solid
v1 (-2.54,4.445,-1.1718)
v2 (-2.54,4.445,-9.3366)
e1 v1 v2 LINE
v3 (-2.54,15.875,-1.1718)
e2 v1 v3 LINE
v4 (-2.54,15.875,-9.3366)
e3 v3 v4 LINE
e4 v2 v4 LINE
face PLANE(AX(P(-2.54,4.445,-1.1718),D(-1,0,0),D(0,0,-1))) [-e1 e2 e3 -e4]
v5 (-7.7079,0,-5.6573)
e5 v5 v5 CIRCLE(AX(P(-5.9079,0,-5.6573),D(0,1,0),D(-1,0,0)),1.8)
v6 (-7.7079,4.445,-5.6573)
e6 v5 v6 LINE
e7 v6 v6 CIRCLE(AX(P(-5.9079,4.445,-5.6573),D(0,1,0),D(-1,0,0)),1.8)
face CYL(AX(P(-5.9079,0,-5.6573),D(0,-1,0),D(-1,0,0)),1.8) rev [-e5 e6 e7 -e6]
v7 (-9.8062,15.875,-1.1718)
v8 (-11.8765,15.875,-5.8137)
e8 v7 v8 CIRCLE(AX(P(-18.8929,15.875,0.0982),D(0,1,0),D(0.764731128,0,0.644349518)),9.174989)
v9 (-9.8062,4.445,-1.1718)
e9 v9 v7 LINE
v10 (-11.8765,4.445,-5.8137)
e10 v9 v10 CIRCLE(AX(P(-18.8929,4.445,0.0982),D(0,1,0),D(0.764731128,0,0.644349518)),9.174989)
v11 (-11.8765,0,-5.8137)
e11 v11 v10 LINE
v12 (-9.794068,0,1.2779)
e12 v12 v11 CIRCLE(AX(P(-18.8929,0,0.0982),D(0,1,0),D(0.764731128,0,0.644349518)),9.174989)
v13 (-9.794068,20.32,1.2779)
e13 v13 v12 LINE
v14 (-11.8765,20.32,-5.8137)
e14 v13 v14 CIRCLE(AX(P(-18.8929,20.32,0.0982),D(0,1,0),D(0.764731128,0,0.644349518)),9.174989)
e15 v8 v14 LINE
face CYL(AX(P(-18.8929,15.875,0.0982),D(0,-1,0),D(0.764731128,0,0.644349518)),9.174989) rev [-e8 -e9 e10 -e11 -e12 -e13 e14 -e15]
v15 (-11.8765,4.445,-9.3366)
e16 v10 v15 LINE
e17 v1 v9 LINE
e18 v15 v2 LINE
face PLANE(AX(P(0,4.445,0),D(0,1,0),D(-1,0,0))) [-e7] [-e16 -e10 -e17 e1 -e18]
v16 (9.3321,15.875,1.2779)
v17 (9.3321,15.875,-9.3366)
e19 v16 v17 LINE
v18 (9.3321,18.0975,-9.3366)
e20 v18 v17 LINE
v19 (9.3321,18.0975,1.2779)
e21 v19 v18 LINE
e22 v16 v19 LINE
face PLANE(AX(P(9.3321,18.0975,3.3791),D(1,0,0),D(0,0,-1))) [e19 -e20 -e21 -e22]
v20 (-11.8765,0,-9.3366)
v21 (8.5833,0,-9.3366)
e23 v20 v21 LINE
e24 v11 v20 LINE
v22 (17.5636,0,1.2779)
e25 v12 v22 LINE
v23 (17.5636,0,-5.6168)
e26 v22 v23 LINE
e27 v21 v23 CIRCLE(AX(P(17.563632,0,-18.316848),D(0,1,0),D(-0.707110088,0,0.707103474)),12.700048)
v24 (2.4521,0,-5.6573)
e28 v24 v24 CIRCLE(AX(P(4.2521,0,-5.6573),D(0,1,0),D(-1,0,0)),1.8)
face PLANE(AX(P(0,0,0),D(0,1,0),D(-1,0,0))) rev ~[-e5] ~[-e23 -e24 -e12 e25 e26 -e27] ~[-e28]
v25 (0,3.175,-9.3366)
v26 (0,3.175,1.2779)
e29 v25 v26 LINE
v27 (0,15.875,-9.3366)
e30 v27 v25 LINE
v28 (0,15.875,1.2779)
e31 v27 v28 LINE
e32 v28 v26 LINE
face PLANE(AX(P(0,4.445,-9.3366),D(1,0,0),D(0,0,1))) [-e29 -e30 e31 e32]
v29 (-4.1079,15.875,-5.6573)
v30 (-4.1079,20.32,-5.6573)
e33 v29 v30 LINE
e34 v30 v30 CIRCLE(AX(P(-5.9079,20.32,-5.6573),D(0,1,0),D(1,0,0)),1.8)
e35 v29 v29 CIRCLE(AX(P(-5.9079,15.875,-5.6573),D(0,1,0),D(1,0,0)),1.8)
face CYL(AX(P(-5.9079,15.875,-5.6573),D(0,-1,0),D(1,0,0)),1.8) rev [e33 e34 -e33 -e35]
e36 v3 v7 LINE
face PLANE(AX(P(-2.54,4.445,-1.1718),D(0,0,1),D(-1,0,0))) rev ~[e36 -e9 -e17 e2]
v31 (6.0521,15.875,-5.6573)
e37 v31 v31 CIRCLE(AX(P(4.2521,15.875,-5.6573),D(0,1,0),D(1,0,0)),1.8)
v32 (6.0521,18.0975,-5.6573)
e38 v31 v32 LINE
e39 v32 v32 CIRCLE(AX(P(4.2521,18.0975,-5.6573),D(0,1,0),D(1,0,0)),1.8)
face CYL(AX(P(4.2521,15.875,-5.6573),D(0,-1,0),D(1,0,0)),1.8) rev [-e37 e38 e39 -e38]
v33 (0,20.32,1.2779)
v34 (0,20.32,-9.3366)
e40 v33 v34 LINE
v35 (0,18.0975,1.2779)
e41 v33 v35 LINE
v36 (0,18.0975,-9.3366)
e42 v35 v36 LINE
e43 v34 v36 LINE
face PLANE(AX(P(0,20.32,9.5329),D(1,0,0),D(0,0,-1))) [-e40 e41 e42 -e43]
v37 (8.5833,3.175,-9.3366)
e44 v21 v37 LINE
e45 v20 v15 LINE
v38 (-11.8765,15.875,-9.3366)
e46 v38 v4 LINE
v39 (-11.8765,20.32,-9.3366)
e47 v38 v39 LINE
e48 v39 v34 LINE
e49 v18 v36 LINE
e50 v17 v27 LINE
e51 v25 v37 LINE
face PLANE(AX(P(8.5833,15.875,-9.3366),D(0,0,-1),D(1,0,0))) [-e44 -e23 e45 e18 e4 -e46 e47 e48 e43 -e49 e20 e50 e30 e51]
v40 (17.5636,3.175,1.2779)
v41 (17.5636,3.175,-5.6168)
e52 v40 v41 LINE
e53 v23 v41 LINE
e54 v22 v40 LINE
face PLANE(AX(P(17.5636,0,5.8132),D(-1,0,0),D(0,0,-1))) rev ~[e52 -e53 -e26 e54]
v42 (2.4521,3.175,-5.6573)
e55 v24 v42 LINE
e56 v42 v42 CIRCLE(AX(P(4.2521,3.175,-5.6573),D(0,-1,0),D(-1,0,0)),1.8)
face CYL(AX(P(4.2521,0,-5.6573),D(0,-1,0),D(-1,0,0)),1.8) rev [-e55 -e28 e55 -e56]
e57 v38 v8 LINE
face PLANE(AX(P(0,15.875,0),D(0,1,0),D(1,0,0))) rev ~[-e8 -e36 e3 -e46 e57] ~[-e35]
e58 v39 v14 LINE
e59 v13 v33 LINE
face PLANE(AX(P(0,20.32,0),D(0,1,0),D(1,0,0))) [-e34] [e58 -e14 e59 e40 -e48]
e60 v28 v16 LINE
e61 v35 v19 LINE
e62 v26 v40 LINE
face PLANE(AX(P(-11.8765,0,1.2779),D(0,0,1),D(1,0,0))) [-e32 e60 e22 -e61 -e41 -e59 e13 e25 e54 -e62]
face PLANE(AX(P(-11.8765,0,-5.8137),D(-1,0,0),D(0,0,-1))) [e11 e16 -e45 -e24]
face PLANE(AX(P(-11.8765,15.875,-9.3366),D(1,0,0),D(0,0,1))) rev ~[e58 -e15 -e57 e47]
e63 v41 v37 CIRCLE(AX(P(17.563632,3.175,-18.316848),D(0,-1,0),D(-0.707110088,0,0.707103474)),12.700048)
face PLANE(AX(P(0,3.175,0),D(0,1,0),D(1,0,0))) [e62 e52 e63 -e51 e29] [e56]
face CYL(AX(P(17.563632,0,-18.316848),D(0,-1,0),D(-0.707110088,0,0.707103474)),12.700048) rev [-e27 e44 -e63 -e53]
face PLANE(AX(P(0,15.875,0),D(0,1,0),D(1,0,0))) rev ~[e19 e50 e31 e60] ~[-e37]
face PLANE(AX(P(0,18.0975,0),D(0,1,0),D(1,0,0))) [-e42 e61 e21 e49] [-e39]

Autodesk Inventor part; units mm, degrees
ref_plane "YZ Plane" through (0, 0, 0) normal (1, 0, 0) x (0, 1, 0)
ref_plane "XZ Plane" through (0, 0, 0) normal (0, 1, 0) x (-1, 0, 0)
ref_plane "XY Plane" through (0, 0, 0) normal (0, 0, 1) x (1, 0, 0)
sketch "Sketch1" plane through (0, 0, 0) normal (0, 1, 0) x (-1, 0, 0)
  arc A0 (-17.5636, 5.8132) -> (-8.5833, 9.5329) centre (-17.5636, 18.5132) ccw
  arc A1 (-17.5636, 5.8132) -> (-8.5833, 9.5329) centre (-17.5636, 18.5132) ccw
  arc A2 (-8.5833, -9.3366) -> (-17.5636, -5.6168) centre (-17.5636, -18.3168) ccw
  arc A3 (-8.5833, -9.3366) -> (-17.5636, -5.6168) centre (-17.5636, -18.3168) ccw
  line L0 (-17.5636, 5.8132) -> (-17.5636, -5.6168)
  line L1 (-8.5833, 9.5329) -> (11.8765, 9.5329)
  line L2 (-8.5833, -9.3366) -> (11.1934, -9.3366)
  arc A4 (11.8765, 6.0101) -> (11.8765, -5.8137) centre (18.8929, 0.0982) ccw
  line L3 (11.8765, -9.3366) -> (11.1934, -9.3366)
  line L4 (11.8765, 9.5329) -> (11.8765, 6.0101)
  line L5 (11.8765, -5.8137) -> (11.8765, -9.3366)
  circle A5 centre (5.9079, 5.8536) radius 1.8
  circle A6 centre (5.9079, 5.8536) radius 1.8
  circle A7 centre (-4.2521, 5.8536) radius 1.8
  circle A8 centre (-4.2521, 5.8536) radius 1.8
  circle A9 centre (5.9079, -5.6573) radius 1.8
  circle A10 centre (5.9079, -5.6573) radius 1.8
  circle A11 centre (-4.2521, -5.6573) radius 1.8
  circle A12 centre (-4.2521, -5.6573) radius 1.8
  point P0 (12.4052, 6.5859)
extrude "Extrusion1" add sketch "Sketch1" along normal blind 4.445
sketch "Sketch2" plane through (0, 4.445, 0) normal (0, 1, 0) x (1, 0, 0)
  line L0 (-11.8765, -9.5329) -> (8.5833, -9.5329) projected
  line L1 (8.5833, 9.3366) -> (-11.8765, 9.3366) projected
  line L2 (0, -9.5329) -> (-2.54, -9.5329)
  line L3 (-2.54, 9.3366) -> (0, 9.3366)
  line L4 (0, 9.3366) -> (0, -9.5329)
  line L5 (-2.54, -1.3682) -> (-9.8062, -1.3682)
  line L6 (-2.54, 1.1718) -> (-9.8062, 1.1718)
  arc A0 (-11.8765, -6.0101) -> (-11.8765, 5.8137) centre (-18.8929, -0.0982) ccw projected
  arc A1 (-9.8062, -1.3682) -> (-9.8062, 1.1718) centre (-18.8929, -0.0982) ccw
  line L7 (-2.54, -9.5329) -> (-2.54, -1.3682)
  line L8 (-2.54, 1.1718) -> (-2.54, 9.3366)
  point P0 (0, 0)
  dimension "d2" = 2.54
extrude "Extrusion2" add sketch "Sketch2" along normal blind 11.43
sketch "Sketch3" plane through (0, 4.445, 0) normal (0, 1, 0) x (1, 0, 0)
  line L0 (0, -11.1934) -> (18.2988, -11.1934)
  line L1 (18.2988, -11.1934) -> (18.2988, 11.7125)
  line L2 (18.2988, 11.7125) -> (0, 11.7125)
  line L3 (0, 11.7125) -> (0, -11.1934)
  point P0 (0, 0)
extrude "Extrusion3" cut sketch "Sketch3" against normal blind 1.27
sketch "Sketch4" plane through (0, 15.875, 0) normal (0, 1, 0) x (1, 0, 0)
  arc A0 (20.271, 9.3366) -> (20.3081, -9.5329) centre (70.2056, 0) ccw
  line L0 (8.5833, -9.5329) -> (0, -9.5329) projected
  line L1 (-11.8765, -6.0101) -> (-11.8765, -9.5329) projected
  line L2 (7.4252, -9.5329) -> (-11.8765, -9.5329)
  line L3 (-11.8765, -9.5329) -> (-11.8765, -6.0101)
  arc A1 (-11.8765, -6.0101) -> (-11.8765, 5.8137) centre (-18.8929, -0.0982) ccw projected
  line L4 (-11.8765, 9.3366) -> (-11.8765, 5.8137) projected
  line L5 (-11.8765, 5.8137) -> (-11.8765, 9.3366)
  line L6 (-11.8765, 9.3366) -> (7.3957, 9.3366)
  line L7 (0, 9.3366) -> (8.5833, 9.3366) projected
  arc A2 (-11.8765, -6.0101) -> (-11.8765, 5.8137) centre (-18.8929, -0.0982) ccw
  line L8 (-11.8765, -9.5329) -> (8.5833, -9.5329) projected
  line L9 (-11.8765, -9.5329) -> (20.3081, -9.5329)
  line L10 (8.5833, 9.3366) -> (-11.8765, 9.3366) projected
  line L11 (-11.8765, 9.3366) -> (20.271, 9.3366)
  circle A3 centre (-5.9079, -5.8536) radius 1.8 projected
  circle A4 centre (-5.9079, -5.8536) radius 1.8
  circle A5 centre (-5.9079, 5.6573) radius 1.8 projected
  circle A6 centre (-5.9079, 5.6573) radius 1.8
  circle A7 centre (4.2521, -5.8536) radius 1.8 projected
  circle A8 centre (4.2521, -5.8536) radius 1.8
  circle A9 centre (4.2521, 5.6573) radius 1.8 projected
  circle A10 centre (4.2521, 5.6573) radius 1.8
  circle A11 centre (14.4121, -0.0982) radius 1.8
  point P0 (0, 0)
  dimension "d10" = 101.6
  dimension "d13" = 3.6
extrude "Extrusion4" add sketch "Sketch4" along normal blind 4.445
sketch "Sketch5" plane through (0, 20.32, 0) normal (0, 1, 0) x (1, 0, 0)
  line L0 (0, -9.5329) -> (20.3081, -9.5329) projected
  line L1 (20.3081, -9.5329) -> (0, -9.5329)
  line L2 (0, -9.5329) -> (0, 9.3366) projected
  line L3 (0, -9.5329) -> (0, 9.3366)
  line L4 (20.271, 9.3366) -> (0, 9.3366) projected
  line L5 (0, 9.3366) -> (20.271, 9.3366)
  arc A0 (20.271, 9.3366) -> (20.3081, -9.5329) centre (70.2056, 0) ccw
  circle A1 centre (4.2521, -5.8536) radius 1.8 projected
  circle A2 centre (4.2521, -5.8536) radius 1.8
  circle A3 centre (4.2521, 5.6573) radius 1.8 projected
  circle A4 centre (4.2521, 5.6573) radius 1.8
  circle A5 centre (14.4121, -0.0982) radius 1.8 projected
  circle A6 centre (14.4121, -0.0982) radius 1.8
  point P0 (0, 0)
extrude "Extrusion5" cut sketch "Sketch5" against normal blind 2.2225
sketch "Sketch9" plane through (-11.8765, 0, 9.5329) normal (0, 0, 1) x (1, 0, 0)
  line L0 (-6.6056, 25.3261) -> (40.6741, 25.3261)
  line L1 (40.6741, 25.3261) -> (40.6741, -4.6288)
  line L2 (40.6741, -4.6288) -> (-6.6056, -4.6288)
  line L3 (-6.6056, -4.6288) -> (-6.6056, 25.3261)
  point P0 (11.8765, 0)
extrude "Extrusion7" cut sketch "Sketch9" against normal blind 8.255
sketch "Sketch10" plane through (0, 18.0975, 0) normal (0, 1, 0) x (1, 0, 0)
  circle A0 centre (4.2521, 5.6573) radius 1.8 projected
  line L0 (0, -1.2779) -> (0, 9.3366) projected
  line L1 (9.3321, 9.9549) -> (21.2421, 9.9549)
  line L2 (21.2421, 9.9549) -> (21.2421, -3.3791)
  line L3 (21.2421, -3.3791) -> (9.3321, -3.3791)
  line L4 (9.3321, -3.3791) -> (9.3321, 9.9549)
  point P0 (0, 0)
extrude "Extrusion8" cut sketch "Sketch10" against normal blind 8.1534 contours L1 L2 L3 L4
properties part number "ServoBase"
